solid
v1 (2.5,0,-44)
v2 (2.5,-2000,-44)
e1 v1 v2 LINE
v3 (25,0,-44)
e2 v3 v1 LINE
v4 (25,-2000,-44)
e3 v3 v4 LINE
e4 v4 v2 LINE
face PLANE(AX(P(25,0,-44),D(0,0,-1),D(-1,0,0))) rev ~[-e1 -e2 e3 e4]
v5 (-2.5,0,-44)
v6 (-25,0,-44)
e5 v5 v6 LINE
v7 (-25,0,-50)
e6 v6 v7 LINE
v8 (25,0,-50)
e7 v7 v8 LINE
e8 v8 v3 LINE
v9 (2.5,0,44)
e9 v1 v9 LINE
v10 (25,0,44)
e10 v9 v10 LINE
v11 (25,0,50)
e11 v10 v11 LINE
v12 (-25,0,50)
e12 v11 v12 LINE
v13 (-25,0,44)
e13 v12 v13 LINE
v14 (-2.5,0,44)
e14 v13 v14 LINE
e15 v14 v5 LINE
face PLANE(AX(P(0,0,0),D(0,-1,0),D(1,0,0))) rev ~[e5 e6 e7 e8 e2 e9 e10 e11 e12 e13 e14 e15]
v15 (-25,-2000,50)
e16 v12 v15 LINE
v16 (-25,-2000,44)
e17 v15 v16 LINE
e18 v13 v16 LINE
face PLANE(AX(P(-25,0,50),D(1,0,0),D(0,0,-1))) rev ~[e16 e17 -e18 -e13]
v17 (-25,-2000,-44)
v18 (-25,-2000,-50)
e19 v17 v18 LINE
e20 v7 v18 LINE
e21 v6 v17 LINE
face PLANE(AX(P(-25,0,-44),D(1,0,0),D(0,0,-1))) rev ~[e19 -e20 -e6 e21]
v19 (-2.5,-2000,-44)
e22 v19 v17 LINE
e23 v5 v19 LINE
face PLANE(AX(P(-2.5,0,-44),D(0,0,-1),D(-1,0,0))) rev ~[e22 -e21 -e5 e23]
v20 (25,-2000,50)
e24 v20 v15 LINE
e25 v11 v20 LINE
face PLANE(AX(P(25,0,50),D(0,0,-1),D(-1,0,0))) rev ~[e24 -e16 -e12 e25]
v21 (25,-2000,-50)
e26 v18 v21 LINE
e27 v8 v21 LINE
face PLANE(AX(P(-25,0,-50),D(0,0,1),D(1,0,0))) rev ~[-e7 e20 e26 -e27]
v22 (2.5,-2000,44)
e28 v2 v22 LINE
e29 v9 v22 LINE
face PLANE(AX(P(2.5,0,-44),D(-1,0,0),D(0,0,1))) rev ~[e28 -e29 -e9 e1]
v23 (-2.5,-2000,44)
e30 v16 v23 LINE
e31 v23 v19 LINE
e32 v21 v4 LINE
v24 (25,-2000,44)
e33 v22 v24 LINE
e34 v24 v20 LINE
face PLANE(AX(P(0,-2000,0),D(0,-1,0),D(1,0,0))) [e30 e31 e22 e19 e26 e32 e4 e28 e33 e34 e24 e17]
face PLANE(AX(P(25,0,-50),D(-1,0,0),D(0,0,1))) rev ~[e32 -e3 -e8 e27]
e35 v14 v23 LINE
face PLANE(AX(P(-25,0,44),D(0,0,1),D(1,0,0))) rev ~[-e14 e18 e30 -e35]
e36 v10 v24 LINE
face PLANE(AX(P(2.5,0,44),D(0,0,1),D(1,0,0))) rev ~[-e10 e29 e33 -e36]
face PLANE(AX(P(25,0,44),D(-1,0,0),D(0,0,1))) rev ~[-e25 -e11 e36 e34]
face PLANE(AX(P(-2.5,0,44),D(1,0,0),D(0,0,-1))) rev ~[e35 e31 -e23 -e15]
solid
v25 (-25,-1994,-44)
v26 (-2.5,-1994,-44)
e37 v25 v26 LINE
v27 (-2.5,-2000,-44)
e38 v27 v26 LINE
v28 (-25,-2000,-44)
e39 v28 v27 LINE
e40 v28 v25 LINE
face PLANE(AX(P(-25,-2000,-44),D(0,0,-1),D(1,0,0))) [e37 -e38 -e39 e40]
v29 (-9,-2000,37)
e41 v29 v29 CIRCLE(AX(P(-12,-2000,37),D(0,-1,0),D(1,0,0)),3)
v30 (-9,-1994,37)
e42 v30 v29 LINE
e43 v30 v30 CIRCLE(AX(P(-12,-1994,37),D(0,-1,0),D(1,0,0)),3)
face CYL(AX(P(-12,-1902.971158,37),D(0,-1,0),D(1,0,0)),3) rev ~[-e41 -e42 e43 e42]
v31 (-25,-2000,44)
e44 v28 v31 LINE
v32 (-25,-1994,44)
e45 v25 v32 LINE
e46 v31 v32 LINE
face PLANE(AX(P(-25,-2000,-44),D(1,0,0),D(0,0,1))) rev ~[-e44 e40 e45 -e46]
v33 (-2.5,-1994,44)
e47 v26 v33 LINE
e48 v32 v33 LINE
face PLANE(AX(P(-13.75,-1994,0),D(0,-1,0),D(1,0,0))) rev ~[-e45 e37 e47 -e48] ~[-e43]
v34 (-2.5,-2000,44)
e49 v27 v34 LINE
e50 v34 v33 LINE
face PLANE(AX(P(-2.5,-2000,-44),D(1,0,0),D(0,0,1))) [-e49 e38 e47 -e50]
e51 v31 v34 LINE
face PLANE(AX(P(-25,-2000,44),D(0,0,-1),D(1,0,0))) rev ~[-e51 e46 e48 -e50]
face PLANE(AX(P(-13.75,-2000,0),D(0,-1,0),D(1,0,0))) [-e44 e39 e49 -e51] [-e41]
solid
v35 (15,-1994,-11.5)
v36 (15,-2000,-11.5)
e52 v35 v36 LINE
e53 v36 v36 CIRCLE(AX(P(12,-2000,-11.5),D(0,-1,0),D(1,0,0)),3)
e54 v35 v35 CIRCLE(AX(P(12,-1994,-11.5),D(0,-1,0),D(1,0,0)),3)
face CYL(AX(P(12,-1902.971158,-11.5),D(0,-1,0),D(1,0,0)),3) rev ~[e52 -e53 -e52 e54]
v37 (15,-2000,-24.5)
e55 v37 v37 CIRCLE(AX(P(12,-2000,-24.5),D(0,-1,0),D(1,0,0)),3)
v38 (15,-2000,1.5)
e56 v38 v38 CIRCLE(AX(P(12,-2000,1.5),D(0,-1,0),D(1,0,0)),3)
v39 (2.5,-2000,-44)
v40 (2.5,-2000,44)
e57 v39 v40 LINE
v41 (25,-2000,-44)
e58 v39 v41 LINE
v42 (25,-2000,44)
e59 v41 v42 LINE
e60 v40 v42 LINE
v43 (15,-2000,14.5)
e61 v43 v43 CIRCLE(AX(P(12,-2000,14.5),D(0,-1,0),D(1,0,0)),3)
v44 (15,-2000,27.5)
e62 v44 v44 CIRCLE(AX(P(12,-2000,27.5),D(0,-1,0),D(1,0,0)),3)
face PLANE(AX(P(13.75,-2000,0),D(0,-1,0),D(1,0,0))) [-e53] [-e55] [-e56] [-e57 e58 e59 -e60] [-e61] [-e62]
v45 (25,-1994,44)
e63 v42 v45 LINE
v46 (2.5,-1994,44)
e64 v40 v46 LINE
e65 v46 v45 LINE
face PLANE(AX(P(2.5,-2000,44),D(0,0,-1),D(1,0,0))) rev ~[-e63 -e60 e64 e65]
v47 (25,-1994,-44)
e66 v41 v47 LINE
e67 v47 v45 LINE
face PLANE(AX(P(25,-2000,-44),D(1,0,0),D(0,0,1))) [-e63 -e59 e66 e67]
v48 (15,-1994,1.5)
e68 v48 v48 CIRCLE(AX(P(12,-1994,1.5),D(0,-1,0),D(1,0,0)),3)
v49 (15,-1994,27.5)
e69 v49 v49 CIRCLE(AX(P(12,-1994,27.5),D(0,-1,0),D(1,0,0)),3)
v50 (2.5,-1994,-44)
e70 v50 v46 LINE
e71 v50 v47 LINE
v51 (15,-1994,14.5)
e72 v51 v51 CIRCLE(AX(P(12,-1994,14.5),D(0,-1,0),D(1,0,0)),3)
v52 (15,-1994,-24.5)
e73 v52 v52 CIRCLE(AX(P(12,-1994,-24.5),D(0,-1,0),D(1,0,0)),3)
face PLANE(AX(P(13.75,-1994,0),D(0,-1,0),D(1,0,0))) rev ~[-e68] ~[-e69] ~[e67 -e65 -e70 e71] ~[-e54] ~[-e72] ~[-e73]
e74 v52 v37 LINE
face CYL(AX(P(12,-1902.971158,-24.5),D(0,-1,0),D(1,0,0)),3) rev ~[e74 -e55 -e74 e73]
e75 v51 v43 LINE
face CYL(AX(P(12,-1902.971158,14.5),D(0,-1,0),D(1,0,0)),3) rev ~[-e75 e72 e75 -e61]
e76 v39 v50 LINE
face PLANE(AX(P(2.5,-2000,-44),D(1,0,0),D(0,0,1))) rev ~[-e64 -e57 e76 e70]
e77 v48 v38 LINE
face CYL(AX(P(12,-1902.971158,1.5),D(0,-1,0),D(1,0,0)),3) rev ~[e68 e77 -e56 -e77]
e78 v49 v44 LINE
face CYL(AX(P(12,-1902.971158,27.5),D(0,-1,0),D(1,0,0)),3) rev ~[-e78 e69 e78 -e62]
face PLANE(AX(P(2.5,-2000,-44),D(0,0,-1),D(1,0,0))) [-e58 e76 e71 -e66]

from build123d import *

# Parameters (mm, degrees)
F1_DEPTH = 2000
F2_W     = 22.5
F2_H     = 88
F3_DEPTH = 6
F4_W     = 22.5
F4_H     = 88
F5_DEPTH = 6
F7_D     = 6
F9_D     = 6


with BuildPart() as f1:
    # F0 (on Front) → F1 (new body)
    with BuildSketch(Plane.XZ):
        Polygon((25, 44), (25, 50), (-25, 50), (-25, 44), (-2.5, 44), (-2.5, -44), (-25, -44), (-25, -50), (25, -50), (25, -44), (2.5, -44), (2.5, 44), align=None)
    extrude(amount=F1_DEPTH)


with BuildPart() as f3:
    # F2 (on face) → F3 (new body)
    with BuildSketch(Plane.XZ.offset(2000)):
        with Locations((-13.75, 0)):
            Rectangle(F2_W, F2_H)
    extrude(amount=-F3_DEPTH)

    # F9 (through all)
    with Locations(Plane(origin=(0, -1994, 0), x_dir=(-1, 0, 0), z_dir=(0, 1, 0))):
        with Locations((12, 37)):
            Hole(F9_D / 2)


with BuildPart() as f5:
    # F4 (on face) → F5 (new body)
    with BuildSketch(Plane.XZ.offset(2000)):
        with Locations((13.75, 0)):
            Rectangle(F4_W, F4_H)
    extrude(amount=-F5_DEPTH)

    # F7 (through all)
    with Locations(Plane(origin=(0, -1994, 0), x_dir=(-1, 0, 0), z_dir=(0, 1, 0))):
        with Locations((-12, 27.5), (-12, 14.5), (-12, 1.5), (-12, -11.5), (-12, -24.5)):
            Hole(F7_D / 2)


solid = Compound([f1.part, f3.part, f5.part])
